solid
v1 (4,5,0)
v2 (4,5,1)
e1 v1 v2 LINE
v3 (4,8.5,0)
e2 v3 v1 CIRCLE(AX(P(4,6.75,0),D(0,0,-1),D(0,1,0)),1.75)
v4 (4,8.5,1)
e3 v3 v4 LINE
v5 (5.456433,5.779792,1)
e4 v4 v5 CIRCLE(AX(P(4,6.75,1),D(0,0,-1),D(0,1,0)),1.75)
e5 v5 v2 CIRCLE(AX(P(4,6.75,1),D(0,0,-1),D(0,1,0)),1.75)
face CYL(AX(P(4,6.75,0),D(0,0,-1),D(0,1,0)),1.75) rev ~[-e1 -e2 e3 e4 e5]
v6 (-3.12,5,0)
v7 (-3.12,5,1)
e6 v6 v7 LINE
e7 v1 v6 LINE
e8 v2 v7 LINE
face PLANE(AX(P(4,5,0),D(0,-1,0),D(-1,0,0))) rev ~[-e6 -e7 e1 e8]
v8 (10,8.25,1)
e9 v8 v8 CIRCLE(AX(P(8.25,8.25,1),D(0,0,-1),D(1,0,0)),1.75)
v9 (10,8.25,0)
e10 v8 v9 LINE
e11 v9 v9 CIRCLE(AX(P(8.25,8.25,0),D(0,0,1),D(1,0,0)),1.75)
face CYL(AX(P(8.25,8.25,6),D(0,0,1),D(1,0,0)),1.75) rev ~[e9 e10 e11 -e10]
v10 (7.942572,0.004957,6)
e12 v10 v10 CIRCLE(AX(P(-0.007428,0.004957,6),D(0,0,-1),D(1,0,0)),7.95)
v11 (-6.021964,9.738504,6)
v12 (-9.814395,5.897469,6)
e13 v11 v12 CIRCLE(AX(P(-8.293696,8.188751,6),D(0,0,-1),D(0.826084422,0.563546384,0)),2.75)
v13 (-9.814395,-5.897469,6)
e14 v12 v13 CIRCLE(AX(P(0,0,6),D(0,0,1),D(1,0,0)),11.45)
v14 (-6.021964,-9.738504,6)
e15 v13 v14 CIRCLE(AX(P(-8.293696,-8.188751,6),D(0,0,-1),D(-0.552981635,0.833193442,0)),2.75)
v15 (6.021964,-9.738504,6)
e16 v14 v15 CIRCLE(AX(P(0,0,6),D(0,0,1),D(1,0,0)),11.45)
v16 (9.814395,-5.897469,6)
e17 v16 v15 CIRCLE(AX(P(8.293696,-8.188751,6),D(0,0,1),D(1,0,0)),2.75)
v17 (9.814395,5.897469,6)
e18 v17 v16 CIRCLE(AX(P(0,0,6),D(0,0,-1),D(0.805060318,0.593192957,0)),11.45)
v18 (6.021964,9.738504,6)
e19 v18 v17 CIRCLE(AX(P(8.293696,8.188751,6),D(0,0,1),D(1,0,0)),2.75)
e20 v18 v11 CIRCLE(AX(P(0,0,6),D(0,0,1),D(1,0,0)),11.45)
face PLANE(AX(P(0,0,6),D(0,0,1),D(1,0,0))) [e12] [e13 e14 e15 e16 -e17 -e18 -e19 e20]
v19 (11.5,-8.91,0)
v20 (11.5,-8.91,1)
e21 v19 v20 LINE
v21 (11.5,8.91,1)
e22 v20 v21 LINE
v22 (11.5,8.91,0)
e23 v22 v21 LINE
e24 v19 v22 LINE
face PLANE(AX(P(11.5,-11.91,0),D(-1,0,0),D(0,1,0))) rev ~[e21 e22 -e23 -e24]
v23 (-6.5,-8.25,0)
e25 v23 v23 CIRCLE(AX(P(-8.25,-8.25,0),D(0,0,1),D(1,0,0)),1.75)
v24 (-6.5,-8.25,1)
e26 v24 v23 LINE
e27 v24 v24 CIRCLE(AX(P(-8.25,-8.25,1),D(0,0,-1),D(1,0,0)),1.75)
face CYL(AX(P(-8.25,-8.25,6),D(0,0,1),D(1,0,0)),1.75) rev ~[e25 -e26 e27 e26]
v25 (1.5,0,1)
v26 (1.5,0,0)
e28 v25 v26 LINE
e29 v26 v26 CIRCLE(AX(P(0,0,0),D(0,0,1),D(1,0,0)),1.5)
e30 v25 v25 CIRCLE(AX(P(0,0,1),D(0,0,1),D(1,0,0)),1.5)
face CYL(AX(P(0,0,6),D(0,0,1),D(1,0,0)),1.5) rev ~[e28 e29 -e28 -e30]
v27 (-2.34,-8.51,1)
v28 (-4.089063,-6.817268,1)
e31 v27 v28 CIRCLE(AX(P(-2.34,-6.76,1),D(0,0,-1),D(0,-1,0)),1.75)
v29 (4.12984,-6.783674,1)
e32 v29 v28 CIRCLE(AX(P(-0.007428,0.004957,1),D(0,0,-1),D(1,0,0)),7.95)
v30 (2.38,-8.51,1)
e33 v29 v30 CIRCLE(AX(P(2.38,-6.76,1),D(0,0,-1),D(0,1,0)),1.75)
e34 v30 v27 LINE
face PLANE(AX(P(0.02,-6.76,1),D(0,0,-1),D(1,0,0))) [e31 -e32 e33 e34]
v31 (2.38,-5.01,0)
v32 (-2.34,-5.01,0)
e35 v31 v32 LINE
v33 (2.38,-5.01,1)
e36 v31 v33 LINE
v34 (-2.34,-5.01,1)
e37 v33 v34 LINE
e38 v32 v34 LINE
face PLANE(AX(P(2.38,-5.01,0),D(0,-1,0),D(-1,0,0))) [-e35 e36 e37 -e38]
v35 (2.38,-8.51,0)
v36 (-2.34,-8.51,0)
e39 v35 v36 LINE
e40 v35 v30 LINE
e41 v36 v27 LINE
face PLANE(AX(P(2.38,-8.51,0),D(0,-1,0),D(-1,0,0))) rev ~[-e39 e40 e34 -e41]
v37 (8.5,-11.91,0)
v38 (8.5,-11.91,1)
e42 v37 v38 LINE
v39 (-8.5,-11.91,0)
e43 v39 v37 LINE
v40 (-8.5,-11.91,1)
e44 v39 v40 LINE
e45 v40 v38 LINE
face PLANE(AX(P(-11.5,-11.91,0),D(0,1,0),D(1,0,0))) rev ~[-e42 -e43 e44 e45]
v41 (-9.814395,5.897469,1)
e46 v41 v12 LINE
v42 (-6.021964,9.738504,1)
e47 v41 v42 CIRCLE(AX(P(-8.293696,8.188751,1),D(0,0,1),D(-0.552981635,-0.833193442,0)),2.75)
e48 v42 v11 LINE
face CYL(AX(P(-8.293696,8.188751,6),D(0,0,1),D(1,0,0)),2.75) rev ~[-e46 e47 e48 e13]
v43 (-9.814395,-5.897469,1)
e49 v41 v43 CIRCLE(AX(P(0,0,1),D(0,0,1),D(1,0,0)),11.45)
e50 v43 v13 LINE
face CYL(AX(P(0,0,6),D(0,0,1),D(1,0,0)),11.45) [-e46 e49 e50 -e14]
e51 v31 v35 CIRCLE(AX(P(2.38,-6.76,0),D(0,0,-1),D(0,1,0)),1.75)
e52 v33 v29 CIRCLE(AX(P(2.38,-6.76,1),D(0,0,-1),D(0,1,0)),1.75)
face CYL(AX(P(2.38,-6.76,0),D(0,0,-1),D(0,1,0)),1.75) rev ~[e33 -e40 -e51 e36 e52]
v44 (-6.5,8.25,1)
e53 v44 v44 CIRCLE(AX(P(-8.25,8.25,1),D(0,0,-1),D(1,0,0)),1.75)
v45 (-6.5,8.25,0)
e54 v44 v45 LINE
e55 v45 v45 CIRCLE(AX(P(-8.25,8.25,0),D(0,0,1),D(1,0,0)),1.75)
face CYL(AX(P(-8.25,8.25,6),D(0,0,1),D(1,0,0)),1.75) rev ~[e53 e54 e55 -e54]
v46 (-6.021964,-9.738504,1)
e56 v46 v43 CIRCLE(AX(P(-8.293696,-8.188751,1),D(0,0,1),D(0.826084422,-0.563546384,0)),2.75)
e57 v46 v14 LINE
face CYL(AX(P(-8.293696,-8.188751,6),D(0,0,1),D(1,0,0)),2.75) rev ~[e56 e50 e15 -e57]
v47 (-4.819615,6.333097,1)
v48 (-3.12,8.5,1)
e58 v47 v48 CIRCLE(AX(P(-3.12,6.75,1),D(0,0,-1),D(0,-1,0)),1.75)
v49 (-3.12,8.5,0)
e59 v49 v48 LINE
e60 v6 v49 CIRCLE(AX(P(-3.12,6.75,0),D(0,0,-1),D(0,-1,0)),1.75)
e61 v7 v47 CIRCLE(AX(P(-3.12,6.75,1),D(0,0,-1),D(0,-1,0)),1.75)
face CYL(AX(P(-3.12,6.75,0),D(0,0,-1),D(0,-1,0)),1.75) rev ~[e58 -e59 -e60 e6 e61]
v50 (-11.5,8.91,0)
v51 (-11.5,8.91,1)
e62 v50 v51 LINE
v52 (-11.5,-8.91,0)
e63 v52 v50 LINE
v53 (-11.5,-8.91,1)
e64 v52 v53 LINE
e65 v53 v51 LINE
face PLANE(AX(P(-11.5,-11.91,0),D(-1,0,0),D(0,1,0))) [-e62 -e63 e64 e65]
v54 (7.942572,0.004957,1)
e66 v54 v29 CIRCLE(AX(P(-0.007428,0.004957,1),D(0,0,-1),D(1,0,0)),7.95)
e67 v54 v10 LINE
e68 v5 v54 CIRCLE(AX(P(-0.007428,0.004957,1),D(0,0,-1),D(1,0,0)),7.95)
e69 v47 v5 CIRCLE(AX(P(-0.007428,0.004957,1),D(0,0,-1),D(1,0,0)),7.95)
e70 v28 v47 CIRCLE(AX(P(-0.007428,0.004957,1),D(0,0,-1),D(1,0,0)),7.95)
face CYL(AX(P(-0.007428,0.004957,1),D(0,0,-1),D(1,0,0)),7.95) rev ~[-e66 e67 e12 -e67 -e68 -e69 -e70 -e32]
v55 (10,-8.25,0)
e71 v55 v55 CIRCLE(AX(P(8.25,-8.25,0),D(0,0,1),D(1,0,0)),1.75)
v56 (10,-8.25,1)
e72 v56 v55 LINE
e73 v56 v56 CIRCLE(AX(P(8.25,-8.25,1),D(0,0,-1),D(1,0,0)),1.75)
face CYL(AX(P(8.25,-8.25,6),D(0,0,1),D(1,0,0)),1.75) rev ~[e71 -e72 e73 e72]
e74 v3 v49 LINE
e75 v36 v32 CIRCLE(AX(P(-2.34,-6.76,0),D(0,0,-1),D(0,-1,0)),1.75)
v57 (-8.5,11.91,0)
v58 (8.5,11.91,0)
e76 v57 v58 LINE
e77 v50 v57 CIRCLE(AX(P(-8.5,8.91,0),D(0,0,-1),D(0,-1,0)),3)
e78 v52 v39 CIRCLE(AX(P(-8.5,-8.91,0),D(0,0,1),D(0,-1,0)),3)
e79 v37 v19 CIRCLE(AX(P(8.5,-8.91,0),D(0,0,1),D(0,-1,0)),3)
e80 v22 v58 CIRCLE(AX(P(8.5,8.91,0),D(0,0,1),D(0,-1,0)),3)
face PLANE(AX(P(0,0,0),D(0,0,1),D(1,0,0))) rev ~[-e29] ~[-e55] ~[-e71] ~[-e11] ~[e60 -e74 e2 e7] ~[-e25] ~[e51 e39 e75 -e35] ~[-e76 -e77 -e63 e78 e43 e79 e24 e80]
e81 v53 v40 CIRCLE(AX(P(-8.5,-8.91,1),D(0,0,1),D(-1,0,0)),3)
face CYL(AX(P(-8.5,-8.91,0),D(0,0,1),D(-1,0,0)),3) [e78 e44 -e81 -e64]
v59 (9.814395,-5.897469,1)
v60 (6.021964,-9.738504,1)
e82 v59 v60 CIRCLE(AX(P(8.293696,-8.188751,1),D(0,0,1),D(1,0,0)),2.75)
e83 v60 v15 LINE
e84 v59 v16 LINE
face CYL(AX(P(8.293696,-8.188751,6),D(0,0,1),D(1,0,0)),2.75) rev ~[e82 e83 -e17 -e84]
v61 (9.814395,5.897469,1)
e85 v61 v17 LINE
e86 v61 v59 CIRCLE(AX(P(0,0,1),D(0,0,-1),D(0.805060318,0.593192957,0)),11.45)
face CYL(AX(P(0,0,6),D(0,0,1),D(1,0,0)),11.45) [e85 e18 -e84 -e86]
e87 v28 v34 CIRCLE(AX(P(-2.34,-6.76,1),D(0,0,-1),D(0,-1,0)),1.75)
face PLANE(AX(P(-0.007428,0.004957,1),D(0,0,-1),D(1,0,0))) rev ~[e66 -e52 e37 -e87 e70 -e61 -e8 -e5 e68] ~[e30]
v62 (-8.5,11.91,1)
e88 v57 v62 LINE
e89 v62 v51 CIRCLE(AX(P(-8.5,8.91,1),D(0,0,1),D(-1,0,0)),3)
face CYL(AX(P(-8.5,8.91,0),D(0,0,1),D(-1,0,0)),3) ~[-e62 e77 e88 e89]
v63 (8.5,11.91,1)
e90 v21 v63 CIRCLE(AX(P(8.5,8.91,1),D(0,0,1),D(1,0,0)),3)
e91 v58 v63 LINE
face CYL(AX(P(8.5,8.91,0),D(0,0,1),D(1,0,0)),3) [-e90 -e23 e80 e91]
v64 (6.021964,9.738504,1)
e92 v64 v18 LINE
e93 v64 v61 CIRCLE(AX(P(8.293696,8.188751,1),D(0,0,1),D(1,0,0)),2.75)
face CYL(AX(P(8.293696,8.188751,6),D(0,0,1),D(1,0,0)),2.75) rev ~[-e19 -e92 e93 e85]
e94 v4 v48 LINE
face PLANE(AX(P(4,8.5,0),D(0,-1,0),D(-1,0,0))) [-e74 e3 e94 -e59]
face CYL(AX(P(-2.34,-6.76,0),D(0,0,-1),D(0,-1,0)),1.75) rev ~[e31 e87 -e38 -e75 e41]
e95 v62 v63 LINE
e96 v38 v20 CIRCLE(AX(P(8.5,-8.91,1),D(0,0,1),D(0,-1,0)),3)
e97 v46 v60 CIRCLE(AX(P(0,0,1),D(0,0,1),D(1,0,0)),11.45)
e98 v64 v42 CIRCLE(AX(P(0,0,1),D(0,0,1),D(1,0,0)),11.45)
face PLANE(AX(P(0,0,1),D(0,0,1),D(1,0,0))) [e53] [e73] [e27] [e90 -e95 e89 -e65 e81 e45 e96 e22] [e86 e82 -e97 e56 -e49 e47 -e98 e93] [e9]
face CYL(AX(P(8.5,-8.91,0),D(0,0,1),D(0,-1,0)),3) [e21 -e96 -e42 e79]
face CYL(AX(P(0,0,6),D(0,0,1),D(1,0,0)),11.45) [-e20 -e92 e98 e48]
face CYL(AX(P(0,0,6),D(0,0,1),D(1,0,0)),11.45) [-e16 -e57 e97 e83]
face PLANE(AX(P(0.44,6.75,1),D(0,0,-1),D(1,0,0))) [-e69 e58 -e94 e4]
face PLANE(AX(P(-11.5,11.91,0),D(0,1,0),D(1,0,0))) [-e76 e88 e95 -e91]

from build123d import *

# Parameters (mm, degrees)
SKETCH_W        = 23
SKETCH_H        = 23.82
PAD_DEPTH       = 6
FILLET_R        = 3
POCKET_DEPTH    = 1
SKETCH001_W     = 40
SKETCH001_H     = 40
SKETCH001_R     = 11.45
POCKET001_DEPTH = 5
SKETCH004_R     = 7.95
POCKET002_DEPTH = 5
SKETCH006_R     = 1.75
HOLE_DEPTH      = 6.001
SKETCH007_R     = 2.75
POCKET004_DEPTH = 5
SKETCH008_R     = 1.5
HOLE001_DEPTH   = 25


with BuildPart() as part:
    # Sketch → Pad (new body)
    with BuildSketch(Plane.XY):
        Rectangle(SKETCH_W, SKETCH_H)
    extrude(amount=PAD_DEPTH)

    # Fillet
    fillet_edges = [part.edges().sort_by_distance(p)[0] for p in [
        (11.5, -11.91, 3),
        (-11.5, -11.91, 3),
        (11.5, 11.91, 3),
        (-11.5, 11.91, 3),
    ]]
    fillet(fillet_edges, radius=FILLET_R)

    # Sketch003 → Pocket (cut)
    with BuildSketch(Plane(origin=(0, 0, 0), x_dir=(1, 0, 0), z_dir=(0, 0, -1))):
        with BuildLine():
            ThreePointArc((4, -8.5), (5.75, -6.75), (4, -5))
            Line((4, -5), (-3.12, -5))
            ThreePointArc((-3.12, -5), (-4.87, -6.75), (-3.12, -8.5))
            Line((4, -8.5), (-3.12, -8.5))
        make_face()
        with BuildLine():
            ThreePointArc((2.38, 5.01), (4.13, 6.76), (2.38, 8.51))
            Line((2.38, 8.51), (-2.34, 8.51))
            ThreePointArc((-2.34, 8.51), (-4.09, 6.76), (-2.34, 5.01))
            Line((2.38, 5.01), (-2.34, 5.01))
        make_face()
    extrude(amount=-POCKET_DEPTH, mode=Mode.SUBTRACT)

    # Sketch001 (on Face6 of Pad) → Pocket001 (cut)
    with BuildSketch(Plane.XY.offset(6)):
        Rectangle(SKETCH001_W, SKETCH001_H)
        Circle(SKETCH001_R, mode=Mode.SUBTRACT)
    extrude(amount=-POCKET001_DEPTH, mode=Mode.SUBTRACT)

    # Sketch004 (on Face21 of Pocket001) → Pocket002 (cut)
    with BuildSketch(Plane(origin=(0, 0, 1), x_dir=(1, 0, 0), z_dir=(0, 0, -1))):
        with Locations((-0.007428, -0.004957)):
            Circle(SKETCH004_R)
    extrude(amount=-POCKET002_DEPTH, mode=Mode.SUBTRACT)

    # Sketch006 → Hole (cut, through all)
    with BuildSketch(Plane.XY.offset(6)):
        with Locations((-8.25, 8.25)):
            Circle(SKETCH006_R)
        with Locations((8.25, 8.25)):
            Circle(SKETCH006_R)
        with Locations((8.25, -8.25)):
            Circle(SKETCH006_R)
        with Locations((-8.25, -8.25)):
            Circle(SKETCH006_R)
    extrude(amount=-HOLE_DEPTH, mode=Mode.SUBTRACT)

    # Sketch007 → Pocket004 (cut)
    with BuildSketch(Plane.XY.offset(6)):
        with Locations((-8.293696, 8.188751)):
            Circle(SKETCH007_R)
        with Locations((8.293696, 8.188751)):
            Circle(SKETCH007_R)
        with Locations((8.293696, -8.188751)):
            Circle(SKETCH007_R)
        with Locations((-8.293696, -8.188751)):
            Circle(SKETCH007_R)
    extrude(amount=-POCKET004_DEPTH, mode=Mode.SUBTRACT)

    # Sketch008 (on Face6 of Pad) → Hole001 (cut)
    with BuildSketch(Plane.XY.offset(6)):
        Circle(SKETCH008_R)
    extrude(amount=-HOLE001_DEPTH, mode=Mode.SUBTRACT)


solid = part.part
